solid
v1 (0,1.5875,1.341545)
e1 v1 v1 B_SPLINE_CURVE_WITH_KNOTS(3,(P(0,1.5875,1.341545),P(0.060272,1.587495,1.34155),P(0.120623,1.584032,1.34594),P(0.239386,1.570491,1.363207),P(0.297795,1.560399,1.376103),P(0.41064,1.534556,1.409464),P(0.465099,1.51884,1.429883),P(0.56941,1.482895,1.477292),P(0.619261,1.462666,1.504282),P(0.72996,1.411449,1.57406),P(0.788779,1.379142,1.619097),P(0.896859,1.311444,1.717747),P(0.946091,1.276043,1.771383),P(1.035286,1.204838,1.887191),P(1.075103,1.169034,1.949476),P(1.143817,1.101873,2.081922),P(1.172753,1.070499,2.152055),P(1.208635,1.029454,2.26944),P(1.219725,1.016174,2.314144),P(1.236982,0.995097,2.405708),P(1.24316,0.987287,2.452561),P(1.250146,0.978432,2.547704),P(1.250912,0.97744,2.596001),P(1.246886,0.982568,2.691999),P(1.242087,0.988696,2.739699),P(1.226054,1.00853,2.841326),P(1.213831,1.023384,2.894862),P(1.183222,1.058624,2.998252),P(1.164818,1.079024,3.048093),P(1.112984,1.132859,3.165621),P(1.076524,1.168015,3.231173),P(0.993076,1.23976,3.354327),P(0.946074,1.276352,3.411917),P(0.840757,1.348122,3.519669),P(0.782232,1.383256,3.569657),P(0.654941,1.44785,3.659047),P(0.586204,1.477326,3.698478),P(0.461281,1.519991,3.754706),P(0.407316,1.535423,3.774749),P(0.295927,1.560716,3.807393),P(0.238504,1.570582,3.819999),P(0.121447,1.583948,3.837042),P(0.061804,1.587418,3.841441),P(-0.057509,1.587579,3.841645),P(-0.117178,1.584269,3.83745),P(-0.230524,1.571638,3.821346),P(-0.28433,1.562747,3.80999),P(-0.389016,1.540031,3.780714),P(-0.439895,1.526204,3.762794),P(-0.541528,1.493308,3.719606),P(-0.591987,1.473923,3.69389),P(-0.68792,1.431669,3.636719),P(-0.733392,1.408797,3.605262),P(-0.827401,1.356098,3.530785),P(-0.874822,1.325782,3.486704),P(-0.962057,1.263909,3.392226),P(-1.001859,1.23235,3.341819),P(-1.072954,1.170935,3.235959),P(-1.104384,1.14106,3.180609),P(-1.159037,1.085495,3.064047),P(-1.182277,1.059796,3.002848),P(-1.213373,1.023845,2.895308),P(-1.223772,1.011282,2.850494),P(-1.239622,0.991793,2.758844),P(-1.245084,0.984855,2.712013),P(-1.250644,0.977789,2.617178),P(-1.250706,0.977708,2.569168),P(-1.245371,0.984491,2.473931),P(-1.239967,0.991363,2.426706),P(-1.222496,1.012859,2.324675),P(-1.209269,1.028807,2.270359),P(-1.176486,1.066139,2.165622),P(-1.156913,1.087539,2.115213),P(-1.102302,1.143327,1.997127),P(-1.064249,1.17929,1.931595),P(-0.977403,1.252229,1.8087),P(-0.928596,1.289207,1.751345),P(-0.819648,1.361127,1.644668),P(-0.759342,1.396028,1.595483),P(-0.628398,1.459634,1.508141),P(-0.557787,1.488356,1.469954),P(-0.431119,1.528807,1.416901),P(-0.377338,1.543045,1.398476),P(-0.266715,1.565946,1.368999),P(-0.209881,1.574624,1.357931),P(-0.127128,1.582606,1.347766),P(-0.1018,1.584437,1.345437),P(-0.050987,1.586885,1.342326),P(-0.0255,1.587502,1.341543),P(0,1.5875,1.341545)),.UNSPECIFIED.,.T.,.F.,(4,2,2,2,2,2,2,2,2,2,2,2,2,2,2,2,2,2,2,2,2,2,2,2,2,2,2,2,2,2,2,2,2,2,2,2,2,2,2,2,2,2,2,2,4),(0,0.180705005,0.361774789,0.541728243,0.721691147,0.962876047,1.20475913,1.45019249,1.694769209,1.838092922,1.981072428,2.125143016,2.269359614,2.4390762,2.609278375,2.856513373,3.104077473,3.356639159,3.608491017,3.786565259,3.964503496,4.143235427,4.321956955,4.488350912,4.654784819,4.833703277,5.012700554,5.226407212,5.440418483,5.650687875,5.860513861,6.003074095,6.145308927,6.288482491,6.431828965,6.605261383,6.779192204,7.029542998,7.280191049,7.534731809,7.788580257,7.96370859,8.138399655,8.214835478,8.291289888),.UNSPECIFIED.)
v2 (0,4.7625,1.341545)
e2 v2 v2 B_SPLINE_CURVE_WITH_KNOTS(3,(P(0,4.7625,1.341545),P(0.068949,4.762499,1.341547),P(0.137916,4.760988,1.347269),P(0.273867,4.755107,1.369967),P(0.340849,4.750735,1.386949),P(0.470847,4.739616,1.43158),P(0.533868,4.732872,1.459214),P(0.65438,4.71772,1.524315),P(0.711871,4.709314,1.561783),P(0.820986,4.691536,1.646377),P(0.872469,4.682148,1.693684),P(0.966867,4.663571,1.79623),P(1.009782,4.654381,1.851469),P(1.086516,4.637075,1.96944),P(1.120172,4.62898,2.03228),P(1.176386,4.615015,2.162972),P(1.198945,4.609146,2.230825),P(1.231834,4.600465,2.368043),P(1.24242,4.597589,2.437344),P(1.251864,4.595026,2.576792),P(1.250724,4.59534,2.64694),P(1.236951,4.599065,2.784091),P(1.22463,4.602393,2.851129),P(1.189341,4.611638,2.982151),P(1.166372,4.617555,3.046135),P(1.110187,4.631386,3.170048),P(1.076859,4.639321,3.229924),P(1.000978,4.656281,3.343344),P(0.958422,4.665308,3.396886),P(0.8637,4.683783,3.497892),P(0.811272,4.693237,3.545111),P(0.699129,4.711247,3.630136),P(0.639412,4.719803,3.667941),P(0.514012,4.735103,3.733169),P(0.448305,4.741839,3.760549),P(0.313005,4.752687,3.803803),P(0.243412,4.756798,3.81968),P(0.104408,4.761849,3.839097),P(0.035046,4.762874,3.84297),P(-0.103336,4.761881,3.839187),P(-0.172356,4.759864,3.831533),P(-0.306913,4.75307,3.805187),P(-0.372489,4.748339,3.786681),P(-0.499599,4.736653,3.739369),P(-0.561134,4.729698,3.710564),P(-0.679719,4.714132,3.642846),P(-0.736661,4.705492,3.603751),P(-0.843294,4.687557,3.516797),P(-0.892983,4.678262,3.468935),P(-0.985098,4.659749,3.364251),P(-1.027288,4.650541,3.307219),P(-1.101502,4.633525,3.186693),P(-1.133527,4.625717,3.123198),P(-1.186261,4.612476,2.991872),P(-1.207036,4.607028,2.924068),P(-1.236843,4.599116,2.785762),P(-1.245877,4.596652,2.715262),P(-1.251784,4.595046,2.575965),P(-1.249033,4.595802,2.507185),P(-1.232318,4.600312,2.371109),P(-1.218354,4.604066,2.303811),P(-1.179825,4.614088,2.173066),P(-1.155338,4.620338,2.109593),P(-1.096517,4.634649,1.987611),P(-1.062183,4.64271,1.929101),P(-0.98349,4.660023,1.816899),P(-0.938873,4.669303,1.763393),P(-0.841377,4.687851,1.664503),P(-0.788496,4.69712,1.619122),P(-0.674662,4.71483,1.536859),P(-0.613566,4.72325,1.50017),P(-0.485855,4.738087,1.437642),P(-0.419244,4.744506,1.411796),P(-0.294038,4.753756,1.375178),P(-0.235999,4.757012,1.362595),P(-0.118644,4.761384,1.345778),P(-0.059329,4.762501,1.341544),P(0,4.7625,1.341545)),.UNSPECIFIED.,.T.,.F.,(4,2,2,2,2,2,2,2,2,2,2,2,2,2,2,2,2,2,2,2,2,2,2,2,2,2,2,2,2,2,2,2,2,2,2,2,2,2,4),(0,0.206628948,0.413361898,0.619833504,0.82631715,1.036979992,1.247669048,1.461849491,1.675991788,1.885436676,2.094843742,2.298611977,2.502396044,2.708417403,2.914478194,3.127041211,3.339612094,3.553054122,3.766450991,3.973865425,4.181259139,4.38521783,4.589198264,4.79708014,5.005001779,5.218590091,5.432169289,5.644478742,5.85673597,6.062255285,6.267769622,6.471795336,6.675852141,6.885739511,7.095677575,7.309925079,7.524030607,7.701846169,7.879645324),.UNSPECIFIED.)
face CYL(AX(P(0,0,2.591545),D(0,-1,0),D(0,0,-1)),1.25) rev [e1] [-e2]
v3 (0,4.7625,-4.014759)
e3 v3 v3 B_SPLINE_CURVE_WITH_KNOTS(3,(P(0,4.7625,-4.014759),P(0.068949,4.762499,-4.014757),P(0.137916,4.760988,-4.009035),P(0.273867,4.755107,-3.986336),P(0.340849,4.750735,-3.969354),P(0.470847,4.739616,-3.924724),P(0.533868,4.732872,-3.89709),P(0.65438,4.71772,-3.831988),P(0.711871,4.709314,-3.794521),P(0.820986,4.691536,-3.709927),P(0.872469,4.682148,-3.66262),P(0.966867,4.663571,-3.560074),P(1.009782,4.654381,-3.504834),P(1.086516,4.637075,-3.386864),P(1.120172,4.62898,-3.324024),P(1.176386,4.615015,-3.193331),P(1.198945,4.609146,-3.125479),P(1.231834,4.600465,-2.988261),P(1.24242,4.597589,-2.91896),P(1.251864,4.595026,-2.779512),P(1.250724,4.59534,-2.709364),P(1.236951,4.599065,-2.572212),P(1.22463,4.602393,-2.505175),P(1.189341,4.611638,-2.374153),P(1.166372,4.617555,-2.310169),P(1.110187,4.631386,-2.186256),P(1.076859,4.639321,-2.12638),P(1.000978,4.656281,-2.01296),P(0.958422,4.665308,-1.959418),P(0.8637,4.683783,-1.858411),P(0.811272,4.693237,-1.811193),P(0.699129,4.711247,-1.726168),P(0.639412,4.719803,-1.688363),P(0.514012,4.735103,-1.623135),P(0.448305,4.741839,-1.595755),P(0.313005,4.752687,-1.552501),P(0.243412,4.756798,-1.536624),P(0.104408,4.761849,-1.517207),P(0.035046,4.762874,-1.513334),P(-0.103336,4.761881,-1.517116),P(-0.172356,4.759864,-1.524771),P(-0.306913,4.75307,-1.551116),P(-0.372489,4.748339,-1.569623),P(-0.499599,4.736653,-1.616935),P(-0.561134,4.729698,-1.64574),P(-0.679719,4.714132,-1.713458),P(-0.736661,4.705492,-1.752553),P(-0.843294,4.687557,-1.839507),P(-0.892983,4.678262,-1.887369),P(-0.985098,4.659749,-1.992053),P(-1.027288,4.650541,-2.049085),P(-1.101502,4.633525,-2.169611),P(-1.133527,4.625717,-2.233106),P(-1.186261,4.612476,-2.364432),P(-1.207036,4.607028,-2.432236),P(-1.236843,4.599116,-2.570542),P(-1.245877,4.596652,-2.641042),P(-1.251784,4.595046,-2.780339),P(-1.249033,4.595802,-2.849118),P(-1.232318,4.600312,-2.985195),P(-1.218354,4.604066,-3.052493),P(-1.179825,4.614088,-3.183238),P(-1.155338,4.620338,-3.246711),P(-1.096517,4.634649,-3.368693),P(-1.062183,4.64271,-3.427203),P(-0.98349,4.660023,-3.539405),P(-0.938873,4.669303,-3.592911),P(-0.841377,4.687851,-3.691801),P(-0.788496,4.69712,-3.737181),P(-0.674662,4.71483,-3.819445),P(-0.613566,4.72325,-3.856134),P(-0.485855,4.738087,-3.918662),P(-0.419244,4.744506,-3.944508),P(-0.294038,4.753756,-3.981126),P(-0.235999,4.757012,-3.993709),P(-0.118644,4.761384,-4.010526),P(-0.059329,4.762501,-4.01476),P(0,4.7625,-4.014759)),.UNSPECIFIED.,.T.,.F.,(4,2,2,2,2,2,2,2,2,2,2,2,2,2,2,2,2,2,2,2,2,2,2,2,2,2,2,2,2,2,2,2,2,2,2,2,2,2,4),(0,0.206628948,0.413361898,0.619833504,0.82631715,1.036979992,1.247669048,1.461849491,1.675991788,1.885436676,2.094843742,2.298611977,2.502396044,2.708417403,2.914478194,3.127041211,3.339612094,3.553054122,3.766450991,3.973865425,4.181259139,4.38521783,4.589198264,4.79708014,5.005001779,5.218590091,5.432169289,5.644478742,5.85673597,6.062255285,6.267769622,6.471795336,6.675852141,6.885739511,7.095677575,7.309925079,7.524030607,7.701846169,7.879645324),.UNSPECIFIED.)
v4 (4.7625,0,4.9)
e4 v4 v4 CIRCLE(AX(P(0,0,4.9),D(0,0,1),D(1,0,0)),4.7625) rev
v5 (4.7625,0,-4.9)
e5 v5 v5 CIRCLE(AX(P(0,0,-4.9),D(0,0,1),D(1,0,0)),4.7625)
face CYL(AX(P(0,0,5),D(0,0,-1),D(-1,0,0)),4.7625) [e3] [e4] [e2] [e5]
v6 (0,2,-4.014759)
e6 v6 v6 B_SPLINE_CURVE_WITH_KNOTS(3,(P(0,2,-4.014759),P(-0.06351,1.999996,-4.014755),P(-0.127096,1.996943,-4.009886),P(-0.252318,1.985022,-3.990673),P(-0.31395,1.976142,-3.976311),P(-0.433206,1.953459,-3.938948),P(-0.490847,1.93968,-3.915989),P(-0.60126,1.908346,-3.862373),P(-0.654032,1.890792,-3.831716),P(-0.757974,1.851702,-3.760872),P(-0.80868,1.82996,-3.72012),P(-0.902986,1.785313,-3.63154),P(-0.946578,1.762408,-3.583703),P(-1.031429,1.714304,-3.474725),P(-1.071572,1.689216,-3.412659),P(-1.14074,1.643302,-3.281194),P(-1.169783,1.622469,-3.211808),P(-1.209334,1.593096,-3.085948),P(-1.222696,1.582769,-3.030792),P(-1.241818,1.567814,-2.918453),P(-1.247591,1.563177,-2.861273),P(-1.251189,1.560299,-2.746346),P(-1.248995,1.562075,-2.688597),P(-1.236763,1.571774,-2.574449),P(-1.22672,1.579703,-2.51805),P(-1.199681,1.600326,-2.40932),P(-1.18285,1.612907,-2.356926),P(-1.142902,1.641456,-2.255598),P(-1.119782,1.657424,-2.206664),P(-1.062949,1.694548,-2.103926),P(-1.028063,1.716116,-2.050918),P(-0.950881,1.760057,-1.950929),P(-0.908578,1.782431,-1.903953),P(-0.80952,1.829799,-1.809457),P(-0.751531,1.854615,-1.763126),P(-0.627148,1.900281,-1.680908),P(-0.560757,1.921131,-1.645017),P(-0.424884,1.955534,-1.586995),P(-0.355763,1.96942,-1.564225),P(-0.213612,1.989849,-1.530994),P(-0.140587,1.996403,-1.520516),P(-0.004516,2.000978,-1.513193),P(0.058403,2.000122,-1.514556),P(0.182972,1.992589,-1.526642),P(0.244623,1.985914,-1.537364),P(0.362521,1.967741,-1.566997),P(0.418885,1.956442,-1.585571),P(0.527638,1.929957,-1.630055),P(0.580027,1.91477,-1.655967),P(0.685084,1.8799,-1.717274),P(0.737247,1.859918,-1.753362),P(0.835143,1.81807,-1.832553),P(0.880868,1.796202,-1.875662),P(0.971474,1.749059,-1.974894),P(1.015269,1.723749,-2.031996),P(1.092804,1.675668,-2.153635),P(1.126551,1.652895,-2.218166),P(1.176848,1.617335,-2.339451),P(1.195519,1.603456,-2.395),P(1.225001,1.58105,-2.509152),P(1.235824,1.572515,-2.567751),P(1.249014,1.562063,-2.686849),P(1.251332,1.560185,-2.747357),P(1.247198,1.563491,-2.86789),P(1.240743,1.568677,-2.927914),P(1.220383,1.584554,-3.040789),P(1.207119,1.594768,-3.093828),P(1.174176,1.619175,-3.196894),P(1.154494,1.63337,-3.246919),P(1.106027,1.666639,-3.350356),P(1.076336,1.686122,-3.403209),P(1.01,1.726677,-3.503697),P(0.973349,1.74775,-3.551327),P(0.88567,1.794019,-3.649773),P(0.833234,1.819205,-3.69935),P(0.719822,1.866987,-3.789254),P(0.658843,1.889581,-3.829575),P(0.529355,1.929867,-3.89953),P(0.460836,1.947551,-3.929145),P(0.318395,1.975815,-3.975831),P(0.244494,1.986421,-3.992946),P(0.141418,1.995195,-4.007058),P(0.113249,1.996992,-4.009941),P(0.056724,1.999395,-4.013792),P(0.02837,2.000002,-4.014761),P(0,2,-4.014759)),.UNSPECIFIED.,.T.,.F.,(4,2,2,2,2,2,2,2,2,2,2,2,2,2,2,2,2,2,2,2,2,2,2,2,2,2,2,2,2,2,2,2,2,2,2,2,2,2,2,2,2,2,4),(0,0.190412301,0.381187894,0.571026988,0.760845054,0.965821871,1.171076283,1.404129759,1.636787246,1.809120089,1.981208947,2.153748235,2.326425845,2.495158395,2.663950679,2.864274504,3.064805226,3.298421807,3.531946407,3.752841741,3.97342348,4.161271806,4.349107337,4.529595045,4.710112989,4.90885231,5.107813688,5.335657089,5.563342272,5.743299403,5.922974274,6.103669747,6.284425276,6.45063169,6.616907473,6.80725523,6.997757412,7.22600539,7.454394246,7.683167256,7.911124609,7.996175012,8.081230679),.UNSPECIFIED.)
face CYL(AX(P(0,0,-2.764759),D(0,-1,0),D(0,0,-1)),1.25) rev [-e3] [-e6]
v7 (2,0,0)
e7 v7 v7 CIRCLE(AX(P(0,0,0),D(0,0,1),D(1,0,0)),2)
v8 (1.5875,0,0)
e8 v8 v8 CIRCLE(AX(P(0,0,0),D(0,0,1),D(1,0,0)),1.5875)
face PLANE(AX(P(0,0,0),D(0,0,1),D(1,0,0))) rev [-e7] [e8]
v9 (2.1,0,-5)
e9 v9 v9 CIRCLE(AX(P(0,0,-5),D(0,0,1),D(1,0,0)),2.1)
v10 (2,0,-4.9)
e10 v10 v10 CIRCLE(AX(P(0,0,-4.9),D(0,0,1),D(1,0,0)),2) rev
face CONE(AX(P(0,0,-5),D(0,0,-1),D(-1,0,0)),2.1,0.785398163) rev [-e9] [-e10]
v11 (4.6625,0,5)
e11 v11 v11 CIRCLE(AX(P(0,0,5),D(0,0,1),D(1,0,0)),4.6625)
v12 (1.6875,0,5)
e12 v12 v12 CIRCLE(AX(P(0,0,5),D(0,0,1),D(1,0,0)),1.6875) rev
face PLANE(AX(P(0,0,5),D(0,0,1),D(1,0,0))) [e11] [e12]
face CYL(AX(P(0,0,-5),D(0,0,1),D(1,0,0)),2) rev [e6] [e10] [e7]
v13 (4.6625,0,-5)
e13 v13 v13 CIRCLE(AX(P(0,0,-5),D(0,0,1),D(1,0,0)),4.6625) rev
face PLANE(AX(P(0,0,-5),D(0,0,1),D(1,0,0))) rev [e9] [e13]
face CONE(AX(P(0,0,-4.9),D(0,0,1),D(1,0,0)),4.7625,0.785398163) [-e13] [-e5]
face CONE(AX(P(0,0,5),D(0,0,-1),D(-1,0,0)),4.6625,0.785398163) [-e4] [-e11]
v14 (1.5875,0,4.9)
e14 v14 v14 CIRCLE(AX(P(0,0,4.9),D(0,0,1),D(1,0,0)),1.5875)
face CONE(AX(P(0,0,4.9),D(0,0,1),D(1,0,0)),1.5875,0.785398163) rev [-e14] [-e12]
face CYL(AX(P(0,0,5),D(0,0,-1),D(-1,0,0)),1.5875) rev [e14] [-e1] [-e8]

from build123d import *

# Parameters (mm, degrees)
SKETCH1_R                      = 4.7625
SKETCH1_R_2                    = 1.5875
BOSS_EXTRUDE1_DEPTH            = 5
BOSS_EXTRUDE2_START            = -5
SKETCH1_3_R                    = 4.7625
SKETCH1_3_R_2                  = 2
BOSS_EXTRUDE2_DEPTH            = 5
SKETCH3_W                      = 1.25
SKETCH3_H                      = 4.7625
M3X0_5_TAPPED_HOLE1_AT_2_COUNT = 2
M3X0_5_TAPPED_HOLE1_AT_2_PITCH = 5.356303923
CHAMFER1_SIZE                  = 0.1


with BuildPart() as part:
    # Sketch1 → Boss-Extrude1 (new body)
    with BuildSketch(Plane.XY):
        Circle(SKETCH1_R)
        Circle(SKETCH1_R_2, mode=Mode.SUBTRACT)
    extrude(amount=BOSS_EXTRUDE1_DEPTH)

    # Sketch1<3> → Boss-Extrude2 (add)
    with BuildSketch(Plane.XY.offset(BOSS_EXTRUDE2_START)):
        Circle(SKETCH1_3_R)
        Circle(SKETCH1_3_R_2, mode=Mode.SUBTRACT)
    extrude(amount=BOSS_EXTRUDE2_DEPTH)

    # Sketch3 → M3x0.5 Tapped Hole1 (revolve, cut)
    with BuildSketch(Plane(origin=(0, 0, 2.591545057), x_dir=(0, 0, -1), z_dir=(1, 0, 0))):
        with Locations((0.625, 2.38125)):
            Rectangle(SKETCH3_W, SKETCH3_H)
    m3x0_5_tapped_hole1 = revolve(axis=Axis((0, -6.35, 2.591545057), (0, 1, 0)), mode=Mode.SUBTRACT)

    # M3x0.5 Tapped Hole1 at 2: M3x0.5 Tapped Hole1 ×2
    with Locations(*[(0, 0, -i * M3X0_5_TAPPED_HOLE1_AT_2_PITCH) for i in range(1, M3X0_5_TAPPED_HOLE1_AT_2_COUNT)]):
        add(m3x0_5_tapped_hole1, mode=Mode.SUBTRACT)

    # Chamfer1
    chamfer1_edges = [part.edges().sort_by_distance(p)[0] for p in [
        (-4.7625, 0, -5),
        (-2, 0, -5),
        (-4.7625, 0, 5),
        (-1.5875, 0, 5),
    ]]
    chamfer(chamfer1_edges, length=CHAMFER1_SIZE)


solid = part.part
